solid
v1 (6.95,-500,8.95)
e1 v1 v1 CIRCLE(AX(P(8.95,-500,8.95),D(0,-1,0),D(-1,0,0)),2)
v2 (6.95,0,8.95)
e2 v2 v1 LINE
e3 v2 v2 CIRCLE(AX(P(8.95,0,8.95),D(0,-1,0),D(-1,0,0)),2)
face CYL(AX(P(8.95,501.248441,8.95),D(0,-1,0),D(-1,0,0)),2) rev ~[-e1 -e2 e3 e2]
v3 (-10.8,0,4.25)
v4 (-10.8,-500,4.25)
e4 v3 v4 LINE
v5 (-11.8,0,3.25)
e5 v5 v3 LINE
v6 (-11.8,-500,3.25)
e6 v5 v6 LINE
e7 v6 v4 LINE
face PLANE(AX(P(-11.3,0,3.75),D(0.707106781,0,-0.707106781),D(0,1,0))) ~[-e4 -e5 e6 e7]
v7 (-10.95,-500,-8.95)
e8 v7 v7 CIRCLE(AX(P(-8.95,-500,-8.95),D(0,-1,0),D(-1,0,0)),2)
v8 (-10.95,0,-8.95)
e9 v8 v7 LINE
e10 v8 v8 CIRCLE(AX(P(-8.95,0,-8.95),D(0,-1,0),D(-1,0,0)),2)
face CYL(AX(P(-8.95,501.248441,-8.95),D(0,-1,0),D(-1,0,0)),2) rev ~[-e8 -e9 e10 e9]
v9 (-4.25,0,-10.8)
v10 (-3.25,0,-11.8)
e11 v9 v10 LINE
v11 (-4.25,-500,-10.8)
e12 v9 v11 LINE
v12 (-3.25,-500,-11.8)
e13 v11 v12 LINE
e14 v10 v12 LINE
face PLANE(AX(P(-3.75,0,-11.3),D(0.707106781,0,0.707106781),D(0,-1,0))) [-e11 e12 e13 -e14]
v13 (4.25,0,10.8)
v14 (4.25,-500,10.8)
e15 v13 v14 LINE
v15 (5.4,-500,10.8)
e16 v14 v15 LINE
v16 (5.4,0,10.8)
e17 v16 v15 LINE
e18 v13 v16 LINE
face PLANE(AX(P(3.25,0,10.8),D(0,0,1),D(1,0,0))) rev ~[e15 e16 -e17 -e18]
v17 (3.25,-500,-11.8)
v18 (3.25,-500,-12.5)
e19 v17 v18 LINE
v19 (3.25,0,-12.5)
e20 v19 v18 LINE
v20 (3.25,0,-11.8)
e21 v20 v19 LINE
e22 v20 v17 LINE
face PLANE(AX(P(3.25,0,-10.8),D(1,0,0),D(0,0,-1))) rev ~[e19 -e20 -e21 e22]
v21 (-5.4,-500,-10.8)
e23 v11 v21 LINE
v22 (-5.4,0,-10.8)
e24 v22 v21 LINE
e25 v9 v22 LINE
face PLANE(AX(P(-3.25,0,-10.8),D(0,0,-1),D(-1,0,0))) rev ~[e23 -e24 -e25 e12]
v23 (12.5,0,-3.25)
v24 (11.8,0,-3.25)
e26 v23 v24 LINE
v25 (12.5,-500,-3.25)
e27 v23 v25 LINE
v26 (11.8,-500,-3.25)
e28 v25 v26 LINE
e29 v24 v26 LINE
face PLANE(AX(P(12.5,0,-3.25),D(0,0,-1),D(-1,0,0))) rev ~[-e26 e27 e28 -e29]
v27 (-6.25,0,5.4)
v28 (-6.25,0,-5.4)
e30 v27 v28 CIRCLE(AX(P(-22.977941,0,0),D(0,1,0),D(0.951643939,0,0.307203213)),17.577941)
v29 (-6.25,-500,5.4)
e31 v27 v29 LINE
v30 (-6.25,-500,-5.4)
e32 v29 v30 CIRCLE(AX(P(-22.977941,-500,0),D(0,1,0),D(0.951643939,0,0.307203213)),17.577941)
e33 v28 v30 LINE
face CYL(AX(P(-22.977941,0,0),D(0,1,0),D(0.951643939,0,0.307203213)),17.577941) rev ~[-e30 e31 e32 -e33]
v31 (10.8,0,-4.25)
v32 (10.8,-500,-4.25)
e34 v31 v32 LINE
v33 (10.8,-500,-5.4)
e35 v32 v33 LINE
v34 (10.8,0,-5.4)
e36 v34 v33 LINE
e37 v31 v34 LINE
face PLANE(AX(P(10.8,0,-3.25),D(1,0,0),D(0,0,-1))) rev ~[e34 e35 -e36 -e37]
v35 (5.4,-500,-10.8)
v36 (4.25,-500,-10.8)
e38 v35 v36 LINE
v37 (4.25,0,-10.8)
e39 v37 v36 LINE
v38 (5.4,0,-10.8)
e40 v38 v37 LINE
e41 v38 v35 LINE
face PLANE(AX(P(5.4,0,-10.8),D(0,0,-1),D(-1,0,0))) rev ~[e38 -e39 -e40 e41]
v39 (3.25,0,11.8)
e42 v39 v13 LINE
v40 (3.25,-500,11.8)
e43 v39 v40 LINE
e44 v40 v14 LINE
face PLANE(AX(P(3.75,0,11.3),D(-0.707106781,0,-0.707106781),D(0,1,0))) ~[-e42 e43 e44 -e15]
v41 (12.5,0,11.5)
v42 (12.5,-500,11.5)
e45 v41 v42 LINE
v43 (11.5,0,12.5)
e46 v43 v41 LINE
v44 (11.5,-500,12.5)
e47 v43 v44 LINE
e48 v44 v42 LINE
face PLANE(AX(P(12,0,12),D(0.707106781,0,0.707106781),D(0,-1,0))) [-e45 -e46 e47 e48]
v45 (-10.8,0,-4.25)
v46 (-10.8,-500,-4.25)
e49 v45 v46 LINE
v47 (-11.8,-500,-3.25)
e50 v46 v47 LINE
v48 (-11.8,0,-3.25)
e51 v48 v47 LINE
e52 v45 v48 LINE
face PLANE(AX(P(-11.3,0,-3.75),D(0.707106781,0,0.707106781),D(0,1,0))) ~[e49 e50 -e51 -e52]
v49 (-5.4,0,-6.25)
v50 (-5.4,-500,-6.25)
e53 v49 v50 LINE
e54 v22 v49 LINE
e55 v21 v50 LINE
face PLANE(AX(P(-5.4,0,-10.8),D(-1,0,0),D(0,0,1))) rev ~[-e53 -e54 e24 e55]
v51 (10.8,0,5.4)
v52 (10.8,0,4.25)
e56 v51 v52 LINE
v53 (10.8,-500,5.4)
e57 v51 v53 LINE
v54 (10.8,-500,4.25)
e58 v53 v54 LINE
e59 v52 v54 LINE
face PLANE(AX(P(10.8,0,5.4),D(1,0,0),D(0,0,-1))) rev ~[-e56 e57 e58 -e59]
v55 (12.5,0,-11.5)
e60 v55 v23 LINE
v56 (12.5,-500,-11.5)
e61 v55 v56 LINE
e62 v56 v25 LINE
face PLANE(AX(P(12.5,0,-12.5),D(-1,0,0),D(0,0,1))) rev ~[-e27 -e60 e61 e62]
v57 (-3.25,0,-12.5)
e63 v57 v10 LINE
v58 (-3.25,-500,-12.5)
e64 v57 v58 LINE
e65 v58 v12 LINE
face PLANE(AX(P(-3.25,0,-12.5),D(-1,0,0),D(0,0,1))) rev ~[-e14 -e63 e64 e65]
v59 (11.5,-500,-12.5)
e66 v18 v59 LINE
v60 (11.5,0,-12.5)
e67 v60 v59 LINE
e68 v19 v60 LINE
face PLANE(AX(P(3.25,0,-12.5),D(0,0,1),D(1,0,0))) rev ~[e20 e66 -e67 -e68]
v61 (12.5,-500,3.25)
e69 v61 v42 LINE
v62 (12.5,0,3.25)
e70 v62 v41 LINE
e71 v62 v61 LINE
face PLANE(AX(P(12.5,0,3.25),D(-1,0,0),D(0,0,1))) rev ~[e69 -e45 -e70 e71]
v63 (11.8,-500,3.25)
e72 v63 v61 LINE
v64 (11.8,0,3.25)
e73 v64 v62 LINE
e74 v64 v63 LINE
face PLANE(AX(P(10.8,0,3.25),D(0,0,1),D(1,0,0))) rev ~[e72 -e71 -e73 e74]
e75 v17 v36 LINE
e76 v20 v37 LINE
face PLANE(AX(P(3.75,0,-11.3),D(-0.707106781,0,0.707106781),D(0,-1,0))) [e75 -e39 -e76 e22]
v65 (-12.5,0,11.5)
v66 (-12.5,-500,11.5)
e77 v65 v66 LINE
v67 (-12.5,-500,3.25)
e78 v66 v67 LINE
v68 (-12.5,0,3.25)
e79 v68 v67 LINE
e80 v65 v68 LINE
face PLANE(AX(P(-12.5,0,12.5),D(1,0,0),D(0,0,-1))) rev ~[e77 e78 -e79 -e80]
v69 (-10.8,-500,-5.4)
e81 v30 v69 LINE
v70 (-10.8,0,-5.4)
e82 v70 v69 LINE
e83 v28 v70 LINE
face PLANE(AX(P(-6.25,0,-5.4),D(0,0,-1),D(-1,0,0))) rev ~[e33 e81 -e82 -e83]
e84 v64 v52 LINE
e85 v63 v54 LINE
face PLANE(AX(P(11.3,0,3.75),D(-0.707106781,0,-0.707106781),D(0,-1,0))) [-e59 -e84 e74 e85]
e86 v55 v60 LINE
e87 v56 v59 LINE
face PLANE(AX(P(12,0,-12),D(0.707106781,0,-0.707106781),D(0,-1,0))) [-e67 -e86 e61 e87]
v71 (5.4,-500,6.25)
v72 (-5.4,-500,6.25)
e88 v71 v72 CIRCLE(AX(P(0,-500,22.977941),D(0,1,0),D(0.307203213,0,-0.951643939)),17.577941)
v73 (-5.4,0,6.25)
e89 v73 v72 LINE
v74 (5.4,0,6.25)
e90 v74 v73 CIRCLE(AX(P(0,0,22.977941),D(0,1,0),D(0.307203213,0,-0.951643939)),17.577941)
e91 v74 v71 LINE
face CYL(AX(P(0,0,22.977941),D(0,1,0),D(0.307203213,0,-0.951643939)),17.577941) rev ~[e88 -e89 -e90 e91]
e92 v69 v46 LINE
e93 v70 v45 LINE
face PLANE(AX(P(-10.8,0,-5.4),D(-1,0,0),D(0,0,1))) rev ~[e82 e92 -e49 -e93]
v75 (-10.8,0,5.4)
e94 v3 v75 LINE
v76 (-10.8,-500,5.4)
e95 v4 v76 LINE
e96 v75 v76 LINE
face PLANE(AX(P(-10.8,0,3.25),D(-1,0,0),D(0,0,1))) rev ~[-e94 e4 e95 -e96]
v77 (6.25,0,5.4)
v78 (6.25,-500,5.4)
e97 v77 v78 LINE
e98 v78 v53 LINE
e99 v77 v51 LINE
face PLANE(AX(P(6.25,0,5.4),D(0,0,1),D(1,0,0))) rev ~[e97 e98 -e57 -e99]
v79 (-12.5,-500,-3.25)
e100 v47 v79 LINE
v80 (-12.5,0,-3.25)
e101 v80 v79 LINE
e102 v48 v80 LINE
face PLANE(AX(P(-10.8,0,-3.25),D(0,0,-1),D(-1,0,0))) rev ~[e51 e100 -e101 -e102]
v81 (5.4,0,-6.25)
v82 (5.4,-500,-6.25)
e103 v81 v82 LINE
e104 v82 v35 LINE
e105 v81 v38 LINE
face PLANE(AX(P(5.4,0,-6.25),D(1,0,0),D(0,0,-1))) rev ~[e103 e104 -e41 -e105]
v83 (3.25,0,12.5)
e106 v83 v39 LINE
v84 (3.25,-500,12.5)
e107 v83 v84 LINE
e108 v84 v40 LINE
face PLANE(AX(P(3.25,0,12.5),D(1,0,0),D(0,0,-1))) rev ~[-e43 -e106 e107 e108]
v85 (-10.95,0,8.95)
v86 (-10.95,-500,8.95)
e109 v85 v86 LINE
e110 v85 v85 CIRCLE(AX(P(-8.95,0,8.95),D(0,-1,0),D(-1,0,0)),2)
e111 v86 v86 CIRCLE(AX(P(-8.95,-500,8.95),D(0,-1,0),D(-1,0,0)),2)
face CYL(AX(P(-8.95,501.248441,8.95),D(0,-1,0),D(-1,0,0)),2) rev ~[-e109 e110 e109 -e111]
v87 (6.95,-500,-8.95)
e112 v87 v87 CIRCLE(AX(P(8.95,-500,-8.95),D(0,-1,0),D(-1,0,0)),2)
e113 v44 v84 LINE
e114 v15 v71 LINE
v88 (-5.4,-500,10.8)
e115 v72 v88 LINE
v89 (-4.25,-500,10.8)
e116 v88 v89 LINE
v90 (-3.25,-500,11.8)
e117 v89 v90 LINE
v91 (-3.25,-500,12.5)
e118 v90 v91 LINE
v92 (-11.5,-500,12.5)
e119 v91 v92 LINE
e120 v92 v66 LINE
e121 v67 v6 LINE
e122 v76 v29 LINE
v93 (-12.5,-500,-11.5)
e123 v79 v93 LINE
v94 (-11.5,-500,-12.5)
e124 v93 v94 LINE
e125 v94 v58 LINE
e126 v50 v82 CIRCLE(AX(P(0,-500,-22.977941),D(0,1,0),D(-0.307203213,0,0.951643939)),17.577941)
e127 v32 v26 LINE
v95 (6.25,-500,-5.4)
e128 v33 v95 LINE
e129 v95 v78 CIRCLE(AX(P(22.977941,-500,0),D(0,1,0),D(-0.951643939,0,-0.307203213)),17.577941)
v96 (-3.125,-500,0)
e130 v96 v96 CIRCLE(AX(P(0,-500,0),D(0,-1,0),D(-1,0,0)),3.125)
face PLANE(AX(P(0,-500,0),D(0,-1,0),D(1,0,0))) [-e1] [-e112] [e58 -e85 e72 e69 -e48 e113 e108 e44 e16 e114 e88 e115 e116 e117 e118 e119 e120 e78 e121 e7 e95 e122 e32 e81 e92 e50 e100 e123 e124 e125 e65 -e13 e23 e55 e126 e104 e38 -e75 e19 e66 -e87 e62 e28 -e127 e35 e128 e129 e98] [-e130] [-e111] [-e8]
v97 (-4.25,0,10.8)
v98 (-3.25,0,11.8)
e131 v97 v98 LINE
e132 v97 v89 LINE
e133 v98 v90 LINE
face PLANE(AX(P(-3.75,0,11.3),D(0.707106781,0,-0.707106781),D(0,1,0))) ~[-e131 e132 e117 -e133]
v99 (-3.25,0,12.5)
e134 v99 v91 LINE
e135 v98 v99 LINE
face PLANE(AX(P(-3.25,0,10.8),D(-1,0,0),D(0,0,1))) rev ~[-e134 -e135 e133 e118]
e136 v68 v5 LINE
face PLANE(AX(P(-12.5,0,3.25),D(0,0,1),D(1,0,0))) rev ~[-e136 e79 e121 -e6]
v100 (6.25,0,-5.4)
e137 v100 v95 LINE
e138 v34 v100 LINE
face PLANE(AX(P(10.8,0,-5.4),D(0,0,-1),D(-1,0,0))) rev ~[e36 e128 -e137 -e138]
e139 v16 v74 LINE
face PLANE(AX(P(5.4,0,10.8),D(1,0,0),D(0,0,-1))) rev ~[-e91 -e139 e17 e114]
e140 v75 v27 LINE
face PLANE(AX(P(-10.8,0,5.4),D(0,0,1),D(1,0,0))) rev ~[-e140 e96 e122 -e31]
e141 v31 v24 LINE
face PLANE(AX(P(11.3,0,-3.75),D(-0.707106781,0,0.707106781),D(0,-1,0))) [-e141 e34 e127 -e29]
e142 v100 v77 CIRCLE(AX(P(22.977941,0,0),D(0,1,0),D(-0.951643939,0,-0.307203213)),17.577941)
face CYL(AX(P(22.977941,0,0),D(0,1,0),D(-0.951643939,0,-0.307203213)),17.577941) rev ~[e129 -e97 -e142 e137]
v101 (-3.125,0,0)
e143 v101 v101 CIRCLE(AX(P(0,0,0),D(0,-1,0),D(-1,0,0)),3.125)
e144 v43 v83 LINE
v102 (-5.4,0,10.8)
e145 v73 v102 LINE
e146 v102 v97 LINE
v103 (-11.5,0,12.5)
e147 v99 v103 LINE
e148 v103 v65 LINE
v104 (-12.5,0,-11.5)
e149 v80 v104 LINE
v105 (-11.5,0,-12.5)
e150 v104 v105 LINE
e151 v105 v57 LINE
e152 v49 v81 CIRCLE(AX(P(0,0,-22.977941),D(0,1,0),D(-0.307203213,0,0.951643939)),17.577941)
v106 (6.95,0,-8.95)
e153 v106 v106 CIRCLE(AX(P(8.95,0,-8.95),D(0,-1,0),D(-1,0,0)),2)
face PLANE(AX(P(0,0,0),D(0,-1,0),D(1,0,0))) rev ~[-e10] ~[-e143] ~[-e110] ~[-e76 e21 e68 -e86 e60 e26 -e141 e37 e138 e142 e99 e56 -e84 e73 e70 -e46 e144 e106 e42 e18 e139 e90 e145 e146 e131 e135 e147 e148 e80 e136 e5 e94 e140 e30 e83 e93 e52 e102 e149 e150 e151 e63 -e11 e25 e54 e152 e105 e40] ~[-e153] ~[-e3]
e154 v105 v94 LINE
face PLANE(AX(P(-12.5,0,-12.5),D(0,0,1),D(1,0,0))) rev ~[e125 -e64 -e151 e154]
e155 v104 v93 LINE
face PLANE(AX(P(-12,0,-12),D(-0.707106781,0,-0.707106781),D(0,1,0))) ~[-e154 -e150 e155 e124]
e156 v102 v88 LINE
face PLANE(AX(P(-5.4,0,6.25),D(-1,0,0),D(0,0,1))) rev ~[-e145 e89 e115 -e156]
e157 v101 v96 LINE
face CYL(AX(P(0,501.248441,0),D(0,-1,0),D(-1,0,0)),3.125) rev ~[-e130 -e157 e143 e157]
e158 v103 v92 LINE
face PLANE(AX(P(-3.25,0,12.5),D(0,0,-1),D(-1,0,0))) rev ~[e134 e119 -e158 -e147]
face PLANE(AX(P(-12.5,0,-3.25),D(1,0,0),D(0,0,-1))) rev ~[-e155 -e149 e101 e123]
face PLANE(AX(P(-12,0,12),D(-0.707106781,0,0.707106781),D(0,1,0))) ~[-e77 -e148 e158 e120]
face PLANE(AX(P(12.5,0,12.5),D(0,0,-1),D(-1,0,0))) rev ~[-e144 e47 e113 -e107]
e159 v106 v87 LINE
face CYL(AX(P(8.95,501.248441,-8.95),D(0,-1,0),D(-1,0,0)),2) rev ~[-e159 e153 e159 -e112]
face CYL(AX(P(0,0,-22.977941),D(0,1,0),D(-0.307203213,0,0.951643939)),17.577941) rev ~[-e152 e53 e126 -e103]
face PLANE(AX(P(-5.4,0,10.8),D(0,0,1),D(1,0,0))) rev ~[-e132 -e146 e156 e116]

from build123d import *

# Parameters (mm, degrees)
F1_DEPTH = 500
F2_SIZE  = 1
F3_SIZE  = 1
F4_SIZE  = 1
F5_D     = 4
F6_D     = 4
F7_D     = 4
F8_D     = 4
F9_D     = 6.25


with BuildPart() as f1:
    # F0 (on Front) → F1 (new body)
    with BuildSketch(Plane.XZ):
        with BuildLine():
            Line((12.5, -12.5), (12.5, -3.25))
            Line((12.5, -3.25), (10.8, -3.25))
            Line((10.8, -3.25), (10.8, -5.4))
            Line((10.8, -5.4), (6.25, -5.4))
            ThreePointArc((6.25, -5.4), (5.4, 0), (6.25, 5.4))
            Line((6.25, 5.4), (10.8, 5.4))
            Line((10.8, 5.4), (10.8, 3.25))
            Line((10.8, 3.25), (12.5, 3.25))
            Line((12.5, 3.25), (12.5, 12.5))
            Line((12.5, 12.5), (3.25, 12.5))
            Line((3.25, 12.5), (3.25, 10.8))
            Line((3.25, 10.8), (5.4, 10.8))
            Line((5.4, 10.8), (5.4, 6.25))
            ThreePointArc((5.4, 6.25), (0, 5.4), (-5.4, 6.25))
            Line((-5.4, 6.25), (-5.4, 10.8))
            Line((-5.4, 10.8), (-3.25, 10.8))
            Line((-3.25, 10.8), (-3.25, 12.5))
            Line((-3.25, 12.5), (-12.5, 12.5))
            Line((-12.5, 12.5), (-12.5, 3.25))
            Line((-12.5, 3.25), (-10.8, 3.25))
            Line((-10.8, 3.25), (-10.8, 5.4))
            Line((-10.8, 5.4), (-6.25, 5.4))
            ThreePointArc((-6.25, 5.4), (-5.4, 0), (-6.25, -5.4))
            Line((-6.25, -5.4), (-10.8, -5.4))
            Line((-10.8, -5.4), (-10.8, -3.25))
            Line((-10.8, -3.25), (-12.5, -3.25))
            Line((-12.5, -3.25), (-12.5, -12.5))
            Line((-12.5, -12.5), (-3.25, -12.5))
            Line((-3.25, -12.5), (-3.25, -10.8))
            Line((-3.25, -10.8), (-5.4, -10.8))
            Line((-5.4, -10.8), (-5.4, -6.25))
            ThreePointArc((-5.4, -6.25), (0, -5.4), (5.4, -6.25))
            Line((5.4, -6.25), (5.4, -10.8))
            Line((5.4, -10.8), (3.25, -10.8))
            Line((3.25, -10.8), (3.25, -12.5))
            Line((3.25, -12.5), (12.5, -12.5))
        make_face()
    extrude(amount=F1_DEPTH)

    # F2
    f2_edges = [f1.edges().sort_by_distance(p)[0] for p in [
        (-12.5, -250, 12.5),
    ]]
    chamfer(f2_edges, length=F2_SIZE)

    # F3
    f3_edges = [f1.edges().sort_by_distance(p)[0] for p in [
        (12.5, -250, 12.5),
        (12.5, -250, -12.5),
        (-12.5, -250, -12.5),
    ]]
    chamfer(f3_edges, length=F3_SIZE)

    # F4
    f4_edges = [f1.edges().sort_by_distance(p)[0] for p in [
        (3.25, -250, 10.8),
        (10.8, -250, 3.25),
        (10.8, -250, -3.25),
        (3.25, -250, -10.8),
        (-3.25, -250, -10.8),
        (-10.8, -250, -3.25),
        (-3.25, -250, 10.8),
        (-10.8, -250, 3.25),
    ]]
    chamfer(f4_edges, length=F4_SIZE)

    # F5 (through all)
    with Locations(Plane(origin=(0, 0, 0), x_dir=(1, 0, 0), z_dir=(0, 1, 0))):
        with Locations((8.95, -8.95)):
            Hole(F5_D / 2)

    # F6 (through all)
    with Locations(Plane(origin=(0, 0, 0), x_dir=(1, 0, 0), z_dir=(0, 1, 0))):
        with Locations((8.95, 8.95)):
            Hole(F6_D / 2)

    # F7 (through all)
    with Locations(Plane(origin=(0, 0, 0), x_dir=(1, 0, 0), z_dir=(0, 1, 0))):
        with Locations((-8.95, -8.95)):
            Hole(F7_D / 2)

    # F8 (through all)
    with Locations(Plane(origin=(0, 0, 0), x_dir=(1, 0, 0), z_dir=(0, 1, 0))):
        with Locations((-8.95, 8.95)):
            Hole(F8_D / 2)

    # F9 (through all)
    with Locations(Plane(origin=(0, 0, 0), x_dir=(1, 0, 0), z_dir=(0, 1, 0))):
        with Locations((0, 0)):
            Hole(F9_D / 2)


solid = f1.part
